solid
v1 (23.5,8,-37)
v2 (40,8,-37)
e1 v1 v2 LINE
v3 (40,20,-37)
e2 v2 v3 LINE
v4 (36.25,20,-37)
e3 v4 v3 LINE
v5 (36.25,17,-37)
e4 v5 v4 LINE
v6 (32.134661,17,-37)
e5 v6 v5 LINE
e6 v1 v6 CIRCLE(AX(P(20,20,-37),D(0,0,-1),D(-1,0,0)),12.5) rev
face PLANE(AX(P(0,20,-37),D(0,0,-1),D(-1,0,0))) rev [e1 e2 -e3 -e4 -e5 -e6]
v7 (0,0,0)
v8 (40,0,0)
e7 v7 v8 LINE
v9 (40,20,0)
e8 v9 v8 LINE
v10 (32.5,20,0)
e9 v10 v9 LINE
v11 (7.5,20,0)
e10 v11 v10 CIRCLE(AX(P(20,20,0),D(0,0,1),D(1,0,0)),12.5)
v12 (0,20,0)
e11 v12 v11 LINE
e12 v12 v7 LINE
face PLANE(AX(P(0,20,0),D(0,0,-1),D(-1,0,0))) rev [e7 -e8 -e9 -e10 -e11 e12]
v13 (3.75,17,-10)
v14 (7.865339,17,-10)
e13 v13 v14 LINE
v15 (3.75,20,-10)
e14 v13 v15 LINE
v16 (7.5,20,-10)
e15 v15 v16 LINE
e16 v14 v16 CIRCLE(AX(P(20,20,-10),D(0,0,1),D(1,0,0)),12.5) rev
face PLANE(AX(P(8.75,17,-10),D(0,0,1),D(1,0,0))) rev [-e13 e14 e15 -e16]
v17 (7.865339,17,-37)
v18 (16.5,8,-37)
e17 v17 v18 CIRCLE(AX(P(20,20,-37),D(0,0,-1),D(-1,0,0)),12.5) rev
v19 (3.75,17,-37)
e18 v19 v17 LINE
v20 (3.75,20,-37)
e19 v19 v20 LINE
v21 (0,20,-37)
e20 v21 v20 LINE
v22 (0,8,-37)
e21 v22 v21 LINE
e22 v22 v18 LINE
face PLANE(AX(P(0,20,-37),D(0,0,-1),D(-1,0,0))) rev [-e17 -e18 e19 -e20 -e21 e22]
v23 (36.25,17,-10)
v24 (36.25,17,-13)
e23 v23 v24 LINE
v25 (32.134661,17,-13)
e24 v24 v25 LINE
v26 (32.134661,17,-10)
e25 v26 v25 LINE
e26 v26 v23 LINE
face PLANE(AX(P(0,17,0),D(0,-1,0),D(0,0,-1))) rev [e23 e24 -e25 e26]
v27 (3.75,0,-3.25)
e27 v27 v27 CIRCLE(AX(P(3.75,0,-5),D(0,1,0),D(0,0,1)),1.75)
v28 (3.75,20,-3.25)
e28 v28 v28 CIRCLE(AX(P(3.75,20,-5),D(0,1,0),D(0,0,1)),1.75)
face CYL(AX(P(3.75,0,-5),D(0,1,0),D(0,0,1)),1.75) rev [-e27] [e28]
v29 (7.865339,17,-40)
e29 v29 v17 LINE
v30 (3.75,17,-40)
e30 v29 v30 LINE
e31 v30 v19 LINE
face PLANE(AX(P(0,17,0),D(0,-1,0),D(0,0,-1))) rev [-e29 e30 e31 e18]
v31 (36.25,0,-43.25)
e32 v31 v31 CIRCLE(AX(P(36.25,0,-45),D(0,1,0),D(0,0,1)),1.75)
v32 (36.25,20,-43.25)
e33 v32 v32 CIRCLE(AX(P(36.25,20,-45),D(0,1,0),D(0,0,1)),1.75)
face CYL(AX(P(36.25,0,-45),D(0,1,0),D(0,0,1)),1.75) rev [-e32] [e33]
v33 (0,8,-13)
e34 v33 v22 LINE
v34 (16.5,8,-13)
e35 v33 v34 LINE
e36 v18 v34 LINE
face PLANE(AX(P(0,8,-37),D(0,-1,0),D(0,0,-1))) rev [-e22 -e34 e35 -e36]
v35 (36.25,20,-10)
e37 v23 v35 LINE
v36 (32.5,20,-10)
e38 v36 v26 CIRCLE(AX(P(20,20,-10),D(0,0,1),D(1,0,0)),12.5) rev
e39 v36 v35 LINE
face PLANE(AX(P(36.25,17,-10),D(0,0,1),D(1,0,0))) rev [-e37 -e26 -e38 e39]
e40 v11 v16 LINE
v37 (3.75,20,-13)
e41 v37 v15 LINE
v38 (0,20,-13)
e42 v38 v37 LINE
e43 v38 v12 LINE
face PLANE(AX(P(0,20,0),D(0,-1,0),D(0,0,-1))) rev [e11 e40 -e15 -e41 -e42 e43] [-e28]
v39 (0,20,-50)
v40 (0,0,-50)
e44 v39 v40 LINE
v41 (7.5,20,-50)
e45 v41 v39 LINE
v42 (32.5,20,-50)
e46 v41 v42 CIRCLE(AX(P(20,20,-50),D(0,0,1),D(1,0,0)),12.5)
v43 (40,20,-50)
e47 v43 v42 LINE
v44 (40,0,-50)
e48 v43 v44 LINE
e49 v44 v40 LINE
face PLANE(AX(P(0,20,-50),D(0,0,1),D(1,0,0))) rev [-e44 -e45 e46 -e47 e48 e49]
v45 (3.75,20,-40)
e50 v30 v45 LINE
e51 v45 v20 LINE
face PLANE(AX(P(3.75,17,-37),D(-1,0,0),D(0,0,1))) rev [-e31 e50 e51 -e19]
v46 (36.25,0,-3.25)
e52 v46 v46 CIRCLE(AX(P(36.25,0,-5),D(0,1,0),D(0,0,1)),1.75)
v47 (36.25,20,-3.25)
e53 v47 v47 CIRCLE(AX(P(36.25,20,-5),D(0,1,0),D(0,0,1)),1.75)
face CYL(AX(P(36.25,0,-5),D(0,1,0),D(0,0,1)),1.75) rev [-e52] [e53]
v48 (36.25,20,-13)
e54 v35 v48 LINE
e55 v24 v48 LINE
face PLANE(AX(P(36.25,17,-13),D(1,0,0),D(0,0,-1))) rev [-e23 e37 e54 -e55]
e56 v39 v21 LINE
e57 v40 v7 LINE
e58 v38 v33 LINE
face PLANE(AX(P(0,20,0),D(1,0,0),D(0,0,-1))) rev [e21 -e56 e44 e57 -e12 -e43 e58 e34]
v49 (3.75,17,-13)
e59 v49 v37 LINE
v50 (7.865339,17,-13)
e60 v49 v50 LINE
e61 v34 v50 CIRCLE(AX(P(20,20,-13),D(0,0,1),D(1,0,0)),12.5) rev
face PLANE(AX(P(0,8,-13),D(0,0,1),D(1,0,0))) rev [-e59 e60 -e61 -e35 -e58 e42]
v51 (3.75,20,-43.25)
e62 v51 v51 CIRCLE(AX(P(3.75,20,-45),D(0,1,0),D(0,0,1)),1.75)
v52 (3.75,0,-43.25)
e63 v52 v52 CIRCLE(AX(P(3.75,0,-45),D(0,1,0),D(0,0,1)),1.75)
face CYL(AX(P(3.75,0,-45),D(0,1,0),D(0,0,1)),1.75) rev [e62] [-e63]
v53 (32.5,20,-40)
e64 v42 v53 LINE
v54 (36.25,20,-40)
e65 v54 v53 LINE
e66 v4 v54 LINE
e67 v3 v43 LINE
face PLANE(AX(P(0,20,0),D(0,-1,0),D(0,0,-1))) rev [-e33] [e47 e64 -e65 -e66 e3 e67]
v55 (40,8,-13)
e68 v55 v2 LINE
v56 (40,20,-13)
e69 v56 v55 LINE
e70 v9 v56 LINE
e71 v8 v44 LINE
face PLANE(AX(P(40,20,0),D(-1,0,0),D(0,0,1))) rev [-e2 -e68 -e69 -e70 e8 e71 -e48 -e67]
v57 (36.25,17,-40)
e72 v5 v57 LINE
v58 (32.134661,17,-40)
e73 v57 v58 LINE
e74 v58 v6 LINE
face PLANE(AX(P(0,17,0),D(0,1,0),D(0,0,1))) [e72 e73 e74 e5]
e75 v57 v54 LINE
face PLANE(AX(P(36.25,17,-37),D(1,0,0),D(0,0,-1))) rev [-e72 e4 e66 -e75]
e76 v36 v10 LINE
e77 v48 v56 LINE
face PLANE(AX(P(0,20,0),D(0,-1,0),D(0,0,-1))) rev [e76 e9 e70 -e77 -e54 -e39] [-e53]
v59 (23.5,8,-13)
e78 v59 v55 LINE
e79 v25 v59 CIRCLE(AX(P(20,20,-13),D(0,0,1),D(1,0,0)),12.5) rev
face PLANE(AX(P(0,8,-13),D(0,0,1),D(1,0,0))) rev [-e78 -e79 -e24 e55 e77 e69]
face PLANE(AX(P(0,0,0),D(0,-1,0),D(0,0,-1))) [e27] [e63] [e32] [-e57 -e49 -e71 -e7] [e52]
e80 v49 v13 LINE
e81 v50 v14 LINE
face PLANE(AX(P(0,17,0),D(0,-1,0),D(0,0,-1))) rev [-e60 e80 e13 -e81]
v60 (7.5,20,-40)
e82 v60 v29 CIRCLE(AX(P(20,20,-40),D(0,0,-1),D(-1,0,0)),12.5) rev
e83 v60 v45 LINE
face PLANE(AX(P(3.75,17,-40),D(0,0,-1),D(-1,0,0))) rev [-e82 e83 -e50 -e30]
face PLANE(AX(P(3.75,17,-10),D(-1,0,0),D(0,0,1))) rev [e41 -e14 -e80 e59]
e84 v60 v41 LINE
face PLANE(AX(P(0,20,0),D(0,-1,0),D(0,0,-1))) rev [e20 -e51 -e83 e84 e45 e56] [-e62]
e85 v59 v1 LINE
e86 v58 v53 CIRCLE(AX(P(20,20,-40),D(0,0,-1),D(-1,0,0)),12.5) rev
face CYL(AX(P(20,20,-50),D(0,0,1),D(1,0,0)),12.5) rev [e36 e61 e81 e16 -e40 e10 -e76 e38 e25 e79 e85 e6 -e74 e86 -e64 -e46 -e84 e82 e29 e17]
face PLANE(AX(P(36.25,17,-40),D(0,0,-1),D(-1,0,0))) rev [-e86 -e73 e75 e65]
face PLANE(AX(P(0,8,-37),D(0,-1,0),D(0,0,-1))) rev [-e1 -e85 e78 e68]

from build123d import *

# Parameters (mm, degrees)
CROQUIS1_W              = 40
CROQUIS1_H              = 50
SALIENTE_EXTRUIR1_DEPTH = 20
CROQUIS2_R              = 12.5
CORTAR_EXTRUIR1_DEPTH   = 51
CROQUIS3_R              = 1.75
CORTAR_EXTRUIR2_DEPTH   = 21
CORTAR_EXTRUIR3_DEPTH   = 41
CROQUIS5_W              = 5
CROQUIS5_H              = 3
CORTAR_EXTRUIR4_DEPTH   = 3


with BuildPart() as part:
    # Croquis1 → Saliente-Extruir1 (new body)
    with BuildSketch(Plane(origin=(0, 0, 0), x_dir=(1, 0, 0), z_dir=(0, 1, 0))):
        with Locations((20, 25)):
            Rectangle(CROQUIS1_W, CROQUIS1_H)
    extrude(amount=SALIENTE_EXTRUIR1_DEPTH)

    # Croquis2 → Cortar-Extruir1 (cut, through all)
    with BuildSketch(Plane.XY):
        with Locations((20, 20)):
            Circle(CROQUIS2_R)
    extrude(amount=-CORTAR_EXTRUIR1_DEPTH, mode=Mode.SUBTRACT)

    # Croquis3 → Cortar-Extruir2 (cut, through all)
    with BuildSketch(Plane(origin=(0, 20, 0), x_dir=(1, 0, 0), z_dir=(0, 1, 0))):
        with Locations((3.75, 45)):
            Circle(CROQUIS3_R)
        with Locations((36.25, 45)):
            Circle(CROQUIS3_R)
        with Locations((36.25, 5)):
            Circle(CROQUIS3_R)
        with Locations((3.75, 5)):
            Circle(CROQUIS3_R)
    extrude(amount=-CORTAR_EXTRUIR2_DEPTH, mode=Mode.SUBTRACT)

    # Croquis4 → Cortar-Extruir3 (cut, through all)
    with BuildSketch(Plane(origin=(40, 0, 0), x_dir=(0, 0, -1), z_dir=(1, 0, 0))):
        Polygon((25, 20), (37, 20), (37, 8), (13, 8), (13, 20), align=None)
    extrude(amount=-CORTAR_EXTRUIR3_DEPTH, mode=Mode.SUBTRACT)

    # Croquis5 → Cortar-Extruir4 (cut)
    with BuildSketch(Plane(origin=(0, 20, 0), x_dir=(1, 0, 0), z_dir=(0, 1, 0))):
        with Locations((6.25, 38.5)):
            Rectangle(CROQUIS5_W, CROQUIS5_H)
        with Locations((33.75, 38.5)):
            Rectangle(CROQUIS5_W, CROQUIS5_H)
        with Locations((33.75, 11.5)):
            Rectangle(CROQUIS5_W, CROQUIS5_H)
        with Locations((6.25, 11.5)):
            Rectangle(CROQUIS5_W, CROQUIS5_H)
    extrude(amount=-CORTAR_EXTRUIR4_DEPTH, mode=Mode.SUBTRACT)


solid = part.part
